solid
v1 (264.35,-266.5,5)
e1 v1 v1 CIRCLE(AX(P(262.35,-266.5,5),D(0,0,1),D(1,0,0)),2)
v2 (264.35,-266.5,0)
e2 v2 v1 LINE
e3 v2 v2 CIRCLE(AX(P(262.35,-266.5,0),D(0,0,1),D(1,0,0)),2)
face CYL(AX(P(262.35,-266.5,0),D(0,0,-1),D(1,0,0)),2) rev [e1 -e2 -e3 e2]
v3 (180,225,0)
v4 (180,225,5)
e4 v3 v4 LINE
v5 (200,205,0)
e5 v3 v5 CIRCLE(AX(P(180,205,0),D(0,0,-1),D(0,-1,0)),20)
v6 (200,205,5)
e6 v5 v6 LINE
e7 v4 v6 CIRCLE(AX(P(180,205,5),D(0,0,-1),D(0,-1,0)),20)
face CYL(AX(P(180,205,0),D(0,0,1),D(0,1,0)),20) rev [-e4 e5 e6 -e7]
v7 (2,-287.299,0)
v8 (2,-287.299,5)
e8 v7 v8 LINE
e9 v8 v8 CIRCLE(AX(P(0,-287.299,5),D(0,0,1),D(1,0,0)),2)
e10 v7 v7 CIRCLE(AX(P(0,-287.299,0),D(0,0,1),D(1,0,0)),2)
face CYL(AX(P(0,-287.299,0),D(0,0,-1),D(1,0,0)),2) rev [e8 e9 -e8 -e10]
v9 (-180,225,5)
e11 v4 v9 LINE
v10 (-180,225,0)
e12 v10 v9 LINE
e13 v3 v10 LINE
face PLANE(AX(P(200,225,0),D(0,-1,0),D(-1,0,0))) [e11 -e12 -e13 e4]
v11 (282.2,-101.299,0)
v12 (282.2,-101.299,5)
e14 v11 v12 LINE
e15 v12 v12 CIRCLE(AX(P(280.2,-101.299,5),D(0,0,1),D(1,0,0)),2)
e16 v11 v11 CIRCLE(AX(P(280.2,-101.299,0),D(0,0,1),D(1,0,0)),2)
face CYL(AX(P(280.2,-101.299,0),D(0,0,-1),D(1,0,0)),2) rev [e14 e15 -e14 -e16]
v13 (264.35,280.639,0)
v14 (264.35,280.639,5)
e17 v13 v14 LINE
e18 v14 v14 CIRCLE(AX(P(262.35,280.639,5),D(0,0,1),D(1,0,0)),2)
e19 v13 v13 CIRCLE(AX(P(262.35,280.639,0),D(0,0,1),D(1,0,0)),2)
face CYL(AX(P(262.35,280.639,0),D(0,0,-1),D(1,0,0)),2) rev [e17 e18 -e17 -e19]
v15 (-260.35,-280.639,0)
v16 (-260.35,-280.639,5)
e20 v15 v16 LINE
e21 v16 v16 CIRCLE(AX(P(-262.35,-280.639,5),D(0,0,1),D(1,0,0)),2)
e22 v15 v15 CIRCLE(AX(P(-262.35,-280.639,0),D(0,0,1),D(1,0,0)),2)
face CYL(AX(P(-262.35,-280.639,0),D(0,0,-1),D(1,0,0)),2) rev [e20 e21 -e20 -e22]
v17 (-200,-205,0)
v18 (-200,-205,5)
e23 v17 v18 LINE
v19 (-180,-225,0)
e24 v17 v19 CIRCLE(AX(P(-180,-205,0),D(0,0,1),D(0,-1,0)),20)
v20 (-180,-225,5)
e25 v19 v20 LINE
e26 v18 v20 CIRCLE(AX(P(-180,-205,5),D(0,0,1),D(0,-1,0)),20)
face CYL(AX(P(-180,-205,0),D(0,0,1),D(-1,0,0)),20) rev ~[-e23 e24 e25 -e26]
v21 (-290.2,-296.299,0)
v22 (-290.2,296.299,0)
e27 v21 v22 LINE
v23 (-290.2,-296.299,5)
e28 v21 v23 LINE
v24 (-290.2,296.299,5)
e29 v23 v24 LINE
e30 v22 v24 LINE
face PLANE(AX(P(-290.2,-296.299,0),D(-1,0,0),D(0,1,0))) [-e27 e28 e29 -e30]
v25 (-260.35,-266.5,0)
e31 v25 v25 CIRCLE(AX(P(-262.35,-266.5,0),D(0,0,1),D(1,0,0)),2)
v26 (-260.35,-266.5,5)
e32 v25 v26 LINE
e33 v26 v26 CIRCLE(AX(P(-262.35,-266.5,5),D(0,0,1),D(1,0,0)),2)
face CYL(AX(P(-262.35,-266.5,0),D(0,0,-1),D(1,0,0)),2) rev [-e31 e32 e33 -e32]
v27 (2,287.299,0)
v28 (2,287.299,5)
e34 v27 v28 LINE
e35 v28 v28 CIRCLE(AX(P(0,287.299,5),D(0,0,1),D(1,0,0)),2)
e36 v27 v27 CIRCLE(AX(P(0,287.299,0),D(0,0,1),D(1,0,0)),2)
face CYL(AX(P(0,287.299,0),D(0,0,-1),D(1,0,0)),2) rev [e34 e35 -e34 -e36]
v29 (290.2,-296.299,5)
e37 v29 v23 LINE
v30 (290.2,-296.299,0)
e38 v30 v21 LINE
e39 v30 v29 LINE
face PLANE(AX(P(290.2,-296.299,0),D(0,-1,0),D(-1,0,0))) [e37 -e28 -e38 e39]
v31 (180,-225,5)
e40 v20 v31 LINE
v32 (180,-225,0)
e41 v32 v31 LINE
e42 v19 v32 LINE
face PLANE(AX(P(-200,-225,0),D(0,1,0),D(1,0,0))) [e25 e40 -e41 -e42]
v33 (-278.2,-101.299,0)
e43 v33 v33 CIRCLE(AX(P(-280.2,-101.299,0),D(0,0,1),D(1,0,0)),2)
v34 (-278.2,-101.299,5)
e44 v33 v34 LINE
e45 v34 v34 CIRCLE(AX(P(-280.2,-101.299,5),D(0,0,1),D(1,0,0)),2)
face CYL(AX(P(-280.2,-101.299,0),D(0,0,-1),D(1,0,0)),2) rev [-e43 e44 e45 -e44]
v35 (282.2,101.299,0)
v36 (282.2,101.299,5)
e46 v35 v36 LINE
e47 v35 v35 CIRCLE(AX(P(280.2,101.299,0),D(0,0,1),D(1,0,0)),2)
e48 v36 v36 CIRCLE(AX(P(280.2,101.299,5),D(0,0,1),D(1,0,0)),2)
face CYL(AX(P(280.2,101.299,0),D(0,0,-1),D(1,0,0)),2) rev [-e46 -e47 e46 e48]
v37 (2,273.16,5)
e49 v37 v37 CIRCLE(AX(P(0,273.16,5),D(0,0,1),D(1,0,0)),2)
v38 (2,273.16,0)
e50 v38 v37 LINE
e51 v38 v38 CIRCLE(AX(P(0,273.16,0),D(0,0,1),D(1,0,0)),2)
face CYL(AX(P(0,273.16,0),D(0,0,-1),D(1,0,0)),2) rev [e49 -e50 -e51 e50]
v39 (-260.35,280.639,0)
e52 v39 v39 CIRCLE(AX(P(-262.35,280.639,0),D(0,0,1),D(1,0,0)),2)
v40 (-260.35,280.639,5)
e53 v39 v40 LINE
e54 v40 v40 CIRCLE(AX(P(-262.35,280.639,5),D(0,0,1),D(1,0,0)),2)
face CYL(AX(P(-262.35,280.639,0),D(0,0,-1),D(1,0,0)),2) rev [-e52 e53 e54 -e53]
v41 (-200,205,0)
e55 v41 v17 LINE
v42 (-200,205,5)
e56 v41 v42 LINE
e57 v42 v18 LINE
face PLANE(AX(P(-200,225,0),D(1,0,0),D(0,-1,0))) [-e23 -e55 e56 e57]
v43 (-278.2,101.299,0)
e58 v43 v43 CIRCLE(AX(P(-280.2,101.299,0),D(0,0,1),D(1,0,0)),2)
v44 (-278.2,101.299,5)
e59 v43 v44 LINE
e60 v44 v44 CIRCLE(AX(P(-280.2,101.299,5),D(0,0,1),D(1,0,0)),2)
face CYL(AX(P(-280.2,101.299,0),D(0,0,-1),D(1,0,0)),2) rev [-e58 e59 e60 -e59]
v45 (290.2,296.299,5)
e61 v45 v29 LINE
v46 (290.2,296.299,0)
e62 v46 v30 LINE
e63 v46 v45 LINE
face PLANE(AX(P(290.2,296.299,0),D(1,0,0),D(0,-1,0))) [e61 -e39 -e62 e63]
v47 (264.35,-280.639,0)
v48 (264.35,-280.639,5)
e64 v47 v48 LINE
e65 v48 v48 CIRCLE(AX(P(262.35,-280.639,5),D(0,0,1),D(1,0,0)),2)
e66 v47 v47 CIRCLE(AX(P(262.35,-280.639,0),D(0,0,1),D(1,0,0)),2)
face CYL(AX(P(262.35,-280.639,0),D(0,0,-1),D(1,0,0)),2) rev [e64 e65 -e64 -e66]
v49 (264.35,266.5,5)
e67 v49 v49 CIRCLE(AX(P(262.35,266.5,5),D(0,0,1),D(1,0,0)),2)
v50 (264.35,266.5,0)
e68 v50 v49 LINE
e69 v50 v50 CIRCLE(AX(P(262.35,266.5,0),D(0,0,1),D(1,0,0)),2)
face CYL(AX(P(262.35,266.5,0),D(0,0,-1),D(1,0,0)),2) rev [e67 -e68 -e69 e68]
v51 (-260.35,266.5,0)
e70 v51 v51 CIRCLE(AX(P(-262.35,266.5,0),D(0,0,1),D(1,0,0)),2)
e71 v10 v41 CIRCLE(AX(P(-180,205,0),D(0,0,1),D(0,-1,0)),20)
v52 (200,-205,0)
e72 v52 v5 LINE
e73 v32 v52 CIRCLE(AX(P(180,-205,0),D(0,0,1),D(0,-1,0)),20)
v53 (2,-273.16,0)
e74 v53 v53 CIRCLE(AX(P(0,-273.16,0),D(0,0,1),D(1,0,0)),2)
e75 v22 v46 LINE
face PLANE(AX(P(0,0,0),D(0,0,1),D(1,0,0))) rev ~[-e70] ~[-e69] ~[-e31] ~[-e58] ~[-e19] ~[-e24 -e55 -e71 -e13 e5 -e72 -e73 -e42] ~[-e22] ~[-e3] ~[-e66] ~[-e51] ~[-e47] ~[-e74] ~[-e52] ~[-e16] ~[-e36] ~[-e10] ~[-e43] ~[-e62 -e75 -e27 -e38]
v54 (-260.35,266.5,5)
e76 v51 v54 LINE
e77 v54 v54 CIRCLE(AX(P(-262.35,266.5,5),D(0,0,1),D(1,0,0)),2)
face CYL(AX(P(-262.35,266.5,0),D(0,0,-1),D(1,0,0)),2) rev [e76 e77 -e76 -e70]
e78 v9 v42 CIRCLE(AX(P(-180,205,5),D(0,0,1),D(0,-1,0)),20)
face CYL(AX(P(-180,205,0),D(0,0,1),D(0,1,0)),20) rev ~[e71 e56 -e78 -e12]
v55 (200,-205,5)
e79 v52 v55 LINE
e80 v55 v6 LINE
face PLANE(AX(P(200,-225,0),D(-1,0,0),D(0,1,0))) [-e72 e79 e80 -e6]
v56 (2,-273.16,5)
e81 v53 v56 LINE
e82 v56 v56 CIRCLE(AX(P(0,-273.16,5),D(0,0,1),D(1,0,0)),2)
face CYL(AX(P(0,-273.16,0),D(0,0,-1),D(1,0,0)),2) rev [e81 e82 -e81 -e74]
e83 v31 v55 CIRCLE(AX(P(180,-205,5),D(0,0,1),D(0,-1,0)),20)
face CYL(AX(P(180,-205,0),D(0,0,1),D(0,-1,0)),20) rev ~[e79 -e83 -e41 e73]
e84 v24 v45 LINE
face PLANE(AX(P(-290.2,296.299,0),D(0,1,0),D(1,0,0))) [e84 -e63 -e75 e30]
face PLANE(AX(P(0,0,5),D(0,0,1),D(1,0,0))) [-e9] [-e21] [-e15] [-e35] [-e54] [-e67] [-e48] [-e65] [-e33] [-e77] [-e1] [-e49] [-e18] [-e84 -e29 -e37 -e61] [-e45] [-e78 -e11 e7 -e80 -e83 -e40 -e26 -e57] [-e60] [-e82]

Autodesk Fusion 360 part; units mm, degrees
sketch "Sketch1" plane through (0, 0, 0) normal (0, 0, 1) x (1, 0, 0)
  line L0 (285.2, -291.299) -> (-285.2, -291.299)
  line L1 (-285.2, -291.299) -> (-285.2, 291.299)
  line L2 (-285.2, 291.299) -> (285.2, 291.299)
  line L3 (285.2, 291.299) -> (285.2, -291.299)
  line L4 (285.2, -291.299) -> (-285.2, 291.299) construction
  line L5 (-285.2, -291.299) -> (285.2, 291.299) construction
  line L6 (-262.35, 291.299) -> (-262.35, -291.299) construction
  circle A0 centre (-262.35, 280.639) radius 2
  circle A1 centre (-262.35, 266.5) radius 2
  circle A2 centre (-262.35, -280.639) radius 2
  circle A3 centre (-262.35, -266.5) radius 2
  line L7 (262.35, 291.299) -> (262.35, -291.299) construction
  circle A4 centre (262.35, 280.639) radius 2
  circle A5 centre (262.35, 266.5) radius 2
  circle A6 centre (262.35, -280.639) radius 2
  circle A7 centre (262.35, -266.5) radius 2
  line L8 (-262.35, -266.5) -> (262.35, -266.5) construction
  circle A8 centre (0, -273.16) radius 2
  line L9 (0, -291.299) -> (0, 291.299) construction
  circle A9 centre (0, 273.16) radius 2
  circle A10 centre (0, 287.299) radius 2
  circle A11 centre (0, -287.299) radius 2
  line L10 (200, 225) -> (-200, 225)
  line L11 (-200, 225) -> (-200, -225)
  line L12 (-200, -225) -> (200, -225)
  line L13 (200, -225) -> (200, 225)
  line L14 (200, 225) -> (-200, -225) construction
  line L15 (-200, 225) -> (200, -225) construction
  line L16 (-290.2, 296.299) -> (290.2, 296.299)
  line L17 (290.2, 296.299) -> (290.2, -296.299)
  line L18 (290.2, -296.299) -> (-290.2, -296.299)
  line L19 (-290.2, -296.299) -> (-290.2, 296.299)
  circle A12 centre (280.2, 101.299) radius 2
  circle A13 centre (280.2, -101.299) radius 2
  circle A14 centre (-280.2, -101.299) radius 2
  circle A15 centre (-280.2, 101.299) radius 2
  line L20 (-304.8, -372.499) -> (304.8, -372.499) construction
  line L21 (304.8, -372.499) -> (304.8, 541.901) construction
  line L22 (304.8, 541.901) -> (-304.8, 541.901) construction
  line L23 (-304.8, 541.901) -> (-304.8, -372.499) construction
  line L24 (0, -372.499) -> (0, -296.299) construction
  line L25 (-262.35, 266.5) -> (262.35, 266.5) construction
  line L26 (262.35, -280.639) -> (-262.35, -280.639) construction
  line L27 (262.35, 280.639) -> (-262.35, 280.639) construction
  dimension "d1" = 570.4
  dimension "d2" = 582.598
  dimension "d3" = 22.85
  dimension "d4" = 4
  dimension "d6" = 4
  dimension "d8" = 4
  dimension "d9" = 4
  dimension "d12" = 22.85
  dimension "d13" = 4
  dimension "d14" = 4
  dimension "d17" = 4
  dimension "d18" = 4
  dimension "d21" = 4
  dimension "d22" = 4
  dimension "d23" = 4
  dimension "d24" = 4
  dimension "d28" = 450
  dimension "d29" = 400
  dimension "d30" = 5
  dimension "d31" = 5
  dimension "d32" = 5
  dimension "d33" = 5
  dimension "d37" = 4
  dimension "d38" = 4
  dimension "d39" = 4
  dimension "d40" = 4
  dimension "d41" = 190
  dimension "d42" = 190
  dimension "d43" = 5
  dimension "d44" = 5
  dimension "d45" = 190
  dimension "d46" = 190
  dimension "d47" = 5
  dimension "d49" = 5
  dimension "d51" = 609.6
  dimension "d52" = 76.2
  dimension "d53" = 914.4
  dimension "d54" = 24.799
  dimension "d55" = 24.799
  dimension "d56" = 10.66
  dimension "d57" = 10.66
  dimension "d61" = 4
  dimension "d62" = 14.139
  dimension "d63" = 14.139
  dimension "d64" = 4
extrude "Extrude1" add sketch "Sketch1" along normal blind 5 contours L0 L1 L2 L3 | L16 L17 L18 L19 makes body 1
fillet "Fillet1" radius 20 4 edges at (-200, -225, 2.5) (200, -225, 2.5) (200, 225, 2.5) (-200, 225, 2.5) on bodies 1
copy_body "Body->Comp1" bodies 1 removing the originals makes body 2 in component "Front Panel"
component "Front Panel" placed x (1, 0, 0) y (0, 1, 0) z (0, 0, 1) at (0, 0, 0)
equation "d1 = XRailLength + 220.4 mm"
equation "d2 = PrintHeight + 282.598 mm"
equation "d28 = PrintHeight + 150 mm"
equation "d29 = XRailLength + 50 mm"
equation "d30 = WallThickness"
equation "d31 = WallThickness"
equation "d32 = WallThickness"
equation "d33 = WallThickness"
equation "WallThickness = 5 mm"
equation "XRailLength = 350 mm"
equation "PrintHeight = 300 mm"
